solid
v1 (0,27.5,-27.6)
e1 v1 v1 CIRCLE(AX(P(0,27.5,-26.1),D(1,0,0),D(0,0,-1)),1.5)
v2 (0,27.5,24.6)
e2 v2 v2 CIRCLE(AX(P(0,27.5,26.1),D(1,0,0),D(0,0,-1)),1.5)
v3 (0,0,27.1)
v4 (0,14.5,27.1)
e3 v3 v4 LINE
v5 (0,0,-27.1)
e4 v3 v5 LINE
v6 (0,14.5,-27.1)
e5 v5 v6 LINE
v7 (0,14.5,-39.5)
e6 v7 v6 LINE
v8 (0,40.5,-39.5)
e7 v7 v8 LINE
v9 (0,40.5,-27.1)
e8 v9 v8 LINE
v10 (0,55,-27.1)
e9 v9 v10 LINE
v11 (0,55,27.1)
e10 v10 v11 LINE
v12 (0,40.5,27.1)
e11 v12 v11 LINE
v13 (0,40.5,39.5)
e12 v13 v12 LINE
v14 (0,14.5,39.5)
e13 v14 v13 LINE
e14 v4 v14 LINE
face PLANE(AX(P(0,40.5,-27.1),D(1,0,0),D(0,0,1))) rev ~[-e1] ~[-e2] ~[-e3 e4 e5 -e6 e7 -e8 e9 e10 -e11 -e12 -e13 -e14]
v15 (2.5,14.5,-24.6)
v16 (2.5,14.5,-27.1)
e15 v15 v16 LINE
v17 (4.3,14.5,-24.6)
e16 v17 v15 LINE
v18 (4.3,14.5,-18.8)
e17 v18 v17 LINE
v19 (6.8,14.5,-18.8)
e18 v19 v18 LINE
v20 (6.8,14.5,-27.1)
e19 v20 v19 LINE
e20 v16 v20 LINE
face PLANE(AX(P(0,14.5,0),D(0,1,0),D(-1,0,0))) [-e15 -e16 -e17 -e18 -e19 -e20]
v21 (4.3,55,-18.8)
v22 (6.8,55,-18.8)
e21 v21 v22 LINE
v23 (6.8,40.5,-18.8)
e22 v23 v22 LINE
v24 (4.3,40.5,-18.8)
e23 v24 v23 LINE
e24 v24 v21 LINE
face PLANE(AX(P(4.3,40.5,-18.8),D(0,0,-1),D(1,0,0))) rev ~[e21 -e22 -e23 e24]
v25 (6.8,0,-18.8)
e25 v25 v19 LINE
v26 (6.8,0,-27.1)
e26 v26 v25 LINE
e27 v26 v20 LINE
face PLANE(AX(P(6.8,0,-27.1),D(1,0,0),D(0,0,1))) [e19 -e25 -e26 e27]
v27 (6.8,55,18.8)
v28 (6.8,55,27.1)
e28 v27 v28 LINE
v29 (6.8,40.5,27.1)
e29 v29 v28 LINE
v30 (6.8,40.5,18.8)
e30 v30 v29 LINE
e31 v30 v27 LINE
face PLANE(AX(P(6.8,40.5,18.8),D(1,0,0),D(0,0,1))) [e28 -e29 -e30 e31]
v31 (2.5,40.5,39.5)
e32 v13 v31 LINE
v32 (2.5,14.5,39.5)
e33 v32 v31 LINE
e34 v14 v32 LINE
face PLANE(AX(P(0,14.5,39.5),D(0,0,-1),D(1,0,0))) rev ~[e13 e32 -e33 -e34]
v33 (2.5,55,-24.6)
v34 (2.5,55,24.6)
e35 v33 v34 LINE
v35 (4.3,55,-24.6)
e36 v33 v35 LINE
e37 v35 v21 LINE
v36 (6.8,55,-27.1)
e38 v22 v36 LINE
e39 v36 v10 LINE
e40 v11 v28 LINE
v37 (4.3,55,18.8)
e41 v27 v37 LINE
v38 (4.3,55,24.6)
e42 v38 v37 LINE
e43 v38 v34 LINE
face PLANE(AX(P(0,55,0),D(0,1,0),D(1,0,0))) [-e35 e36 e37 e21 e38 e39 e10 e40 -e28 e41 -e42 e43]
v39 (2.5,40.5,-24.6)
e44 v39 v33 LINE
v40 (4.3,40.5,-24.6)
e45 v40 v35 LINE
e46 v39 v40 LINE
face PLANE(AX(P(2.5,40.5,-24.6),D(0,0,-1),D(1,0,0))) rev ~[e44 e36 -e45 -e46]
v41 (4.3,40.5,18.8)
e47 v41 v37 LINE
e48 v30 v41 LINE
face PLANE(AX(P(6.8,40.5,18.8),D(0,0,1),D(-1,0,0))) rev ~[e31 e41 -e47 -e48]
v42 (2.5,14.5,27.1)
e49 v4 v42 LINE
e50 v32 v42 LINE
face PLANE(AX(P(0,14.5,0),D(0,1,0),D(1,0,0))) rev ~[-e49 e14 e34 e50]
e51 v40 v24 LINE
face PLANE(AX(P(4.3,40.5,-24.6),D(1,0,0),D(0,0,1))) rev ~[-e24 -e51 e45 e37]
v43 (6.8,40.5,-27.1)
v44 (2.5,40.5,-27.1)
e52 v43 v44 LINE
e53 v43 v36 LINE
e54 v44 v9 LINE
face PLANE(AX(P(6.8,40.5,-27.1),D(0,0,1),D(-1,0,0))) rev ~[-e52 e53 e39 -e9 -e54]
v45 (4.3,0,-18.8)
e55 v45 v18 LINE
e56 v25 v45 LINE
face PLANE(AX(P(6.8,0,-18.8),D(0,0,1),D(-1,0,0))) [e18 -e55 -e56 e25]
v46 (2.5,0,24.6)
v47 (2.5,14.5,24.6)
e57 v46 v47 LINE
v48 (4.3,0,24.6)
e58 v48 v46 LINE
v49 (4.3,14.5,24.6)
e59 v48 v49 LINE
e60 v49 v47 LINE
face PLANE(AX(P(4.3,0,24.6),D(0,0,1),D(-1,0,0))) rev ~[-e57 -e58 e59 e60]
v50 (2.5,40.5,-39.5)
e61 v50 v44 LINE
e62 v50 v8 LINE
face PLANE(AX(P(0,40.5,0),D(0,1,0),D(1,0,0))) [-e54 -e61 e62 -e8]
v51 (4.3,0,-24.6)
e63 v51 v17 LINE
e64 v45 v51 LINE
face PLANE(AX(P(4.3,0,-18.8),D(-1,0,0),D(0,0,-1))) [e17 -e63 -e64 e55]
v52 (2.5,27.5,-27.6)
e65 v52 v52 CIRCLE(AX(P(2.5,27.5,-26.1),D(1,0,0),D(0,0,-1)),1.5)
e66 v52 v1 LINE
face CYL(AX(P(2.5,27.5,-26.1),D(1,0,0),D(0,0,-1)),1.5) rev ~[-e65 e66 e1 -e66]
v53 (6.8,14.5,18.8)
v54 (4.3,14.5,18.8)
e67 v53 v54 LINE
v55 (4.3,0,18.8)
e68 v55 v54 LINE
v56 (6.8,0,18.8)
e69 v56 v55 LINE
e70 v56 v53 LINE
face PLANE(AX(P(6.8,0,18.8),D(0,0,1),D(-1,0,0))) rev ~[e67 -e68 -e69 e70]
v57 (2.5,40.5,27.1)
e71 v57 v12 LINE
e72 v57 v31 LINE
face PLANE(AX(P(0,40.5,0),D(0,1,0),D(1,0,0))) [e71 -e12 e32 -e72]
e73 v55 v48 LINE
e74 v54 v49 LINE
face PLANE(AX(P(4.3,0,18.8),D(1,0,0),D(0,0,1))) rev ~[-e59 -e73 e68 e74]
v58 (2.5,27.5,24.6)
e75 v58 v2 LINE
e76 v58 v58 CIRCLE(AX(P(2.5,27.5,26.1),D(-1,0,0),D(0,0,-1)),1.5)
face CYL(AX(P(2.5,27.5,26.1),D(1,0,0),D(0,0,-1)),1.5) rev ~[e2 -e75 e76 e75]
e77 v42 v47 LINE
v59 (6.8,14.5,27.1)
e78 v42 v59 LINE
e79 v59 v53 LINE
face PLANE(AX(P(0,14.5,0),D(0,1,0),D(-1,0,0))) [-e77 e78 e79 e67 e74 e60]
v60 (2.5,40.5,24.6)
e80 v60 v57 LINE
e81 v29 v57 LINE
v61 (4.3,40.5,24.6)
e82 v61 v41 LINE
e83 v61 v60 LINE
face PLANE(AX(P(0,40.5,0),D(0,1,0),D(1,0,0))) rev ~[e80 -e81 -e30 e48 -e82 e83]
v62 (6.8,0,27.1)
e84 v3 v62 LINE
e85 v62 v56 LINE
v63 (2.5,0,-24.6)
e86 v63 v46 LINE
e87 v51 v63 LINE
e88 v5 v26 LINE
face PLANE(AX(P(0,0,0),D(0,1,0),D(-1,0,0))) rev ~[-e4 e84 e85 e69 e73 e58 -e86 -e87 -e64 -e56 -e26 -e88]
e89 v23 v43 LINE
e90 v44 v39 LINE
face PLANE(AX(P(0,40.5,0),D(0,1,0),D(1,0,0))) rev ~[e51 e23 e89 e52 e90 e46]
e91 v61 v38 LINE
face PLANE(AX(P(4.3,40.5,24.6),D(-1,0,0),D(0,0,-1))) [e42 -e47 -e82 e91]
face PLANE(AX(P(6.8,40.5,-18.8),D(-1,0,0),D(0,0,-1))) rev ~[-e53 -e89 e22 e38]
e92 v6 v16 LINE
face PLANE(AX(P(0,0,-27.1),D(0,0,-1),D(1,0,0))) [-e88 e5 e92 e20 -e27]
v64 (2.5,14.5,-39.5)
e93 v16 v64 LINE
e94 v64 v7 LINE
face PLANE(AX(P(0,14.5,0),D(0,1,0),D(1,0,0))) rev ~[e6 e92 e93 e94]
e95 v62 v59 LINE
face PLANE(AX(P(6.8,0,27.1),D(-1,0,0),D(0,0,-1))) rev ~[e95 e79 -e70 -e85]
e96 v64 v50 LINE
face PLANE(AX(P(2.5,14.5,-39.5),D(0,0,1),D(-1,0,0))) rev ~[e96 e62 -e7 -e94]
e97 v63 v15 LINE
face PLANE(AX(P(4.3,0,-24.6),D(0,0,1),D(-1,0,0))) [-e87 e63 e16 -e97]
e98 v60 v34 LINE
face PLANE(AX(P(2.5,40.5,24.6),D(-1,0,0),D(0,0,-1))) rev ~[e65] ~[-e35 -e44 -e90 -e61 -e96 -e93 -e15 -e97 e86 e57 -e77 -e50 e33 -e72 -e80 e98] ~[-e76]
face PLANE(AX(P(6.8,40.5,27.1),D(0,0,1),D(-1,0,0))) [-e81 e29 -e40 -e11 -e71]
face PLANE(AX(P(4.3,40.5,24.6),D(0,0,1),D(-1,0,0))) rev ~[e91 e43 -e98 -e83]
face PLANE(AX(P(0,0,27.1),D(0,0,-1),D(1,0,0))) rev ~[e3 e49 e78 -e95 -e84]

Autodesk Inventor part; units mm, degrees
ref_plane "YZ Plane" through (0, 0, 0) normal (1, 0, 0) x (0, 1, 0)
ref_plane "XZ Plane" through (0, 0, 0) normal (0, 1, 0) x (-1, 0, 0)
ref_plane "XY Plane" through (0, 0, 0) normal (0, 0, 1) x (1, 0, 0)
sketch "Sketch1" plane through (0, 0, 0) normal (0, 1, 0) x (-1, 0, 0)
  line L0 (0, 27.1) -> (0, -27.1)
  line L1 (0, 27.1) -> (-6.8, 27.1)
  line L2 (-6.8, 27.1) -> (-6.8, 18.8)
  line L3 (-6.8, 18.8) -> (-4.3, 18.8)
  line L4 (-4.3, 18.8) -> (-4.3, 24.6)
  line L5 (-4.3, 24.6) -> (-2.5, 24.6)
  line L6 (-2.5, 24.6) -> (-2.5, 0)
  line L7 (0, -27.1) -> (-6.8, -27.1)
  line L8 (-6.8, -27.1) -> (-6.8, -18.8)
  line L9 (-6.8, -18.8) -> (-4.3, -18.8)
  line L10 (-4.3, -18.8) -> (-4.3, -24.6)
  line L11 (-4.3, -24.6) -> (-2.5, -24.6)
  line L12 (-2.5, -24.6) -> (-2.5, 0)
  point P0 (0, 0)
  dimension "d0" = 54.2
  dimension "d1" = 6.8
  dimension "d2" = 8.3
  dimension "d3" = 2.5
  dimension "d4" = 5.8
  dimension "d5" = 1.8
  dimension "d6" = 8.3
  dimension "d7" = 5.8
extrude "Extrusion1" add sketch "Sketch1" along normal blind 14.5
sketch "Sketch2" plane through (0, 14.5, 0) normal (0, 1, 0) x (1, 0, 0)
  line L0 (2.5, -24.6) -> (2.5, 24.6) projected
  line L1 (2.5, 0) -> (2.5, 39.5)
  line L2 (2.5, 39.5) -> (0, 39.5)
  line L3 (0, 39.5) -> (0, 0)
  line L4 (0, 0) -> (0, -39.5)
  line L5 (0, 27.1) -> (0, -27.1) projected
  line L6 (0, -39.5) -> (2.5, -39.5)
  line L7 (2.5, -39.5) -> (2.5, 0)
  dimension "d10" = 39.5
  dimension "d11" = 39.5
extrude "Extrusion2" add sketch "Sketch2" along normal blind 26
sketch "Sketch3" plane through (0, 40.5, 0) normal (0, 1, 0) x (1, 0, 0)
  line L0 (2.5, -24.6) -> (2.5, 24.6) projected
  line L1 (2.5, 0) -> (2.5, 24.6558)
  line L2 (0, 27.1) -> (0, -27.1) projected
  line L3 (4.3, -24.6) -> (2.5, -24.6) projected
  line L4 (6.8, -18.8) -> (4.3, -18.8) projected
  line L5 (4.3, -24.6) -> (4.3, -18.8)
  line L6 (4.3, -18.8) -> (6.8, -18.8)
  line L7 (6.8, -18.8) -> (6.8, -27.1)
  line L8 (6.8, -27.1) -> (2.5, -27.1)
  line L9 (2.5, 0) -> (2.5, 24.6558)
  line L10 (2.5, 24.6) -> (4.3, 24.6) projected
  line L11 (4.3, 18.8) -> (6.8, 18.8) projected
  line L12 (4.3, 24.6) -> (4.3, 18.8)
  line L13 (4.3, 18.8) -> (6.8, 18.8)
  line L14 (6.8, 18.8) -> (6.8, 27.1)
  line L15 (6.8, 27.1) -> (0, 27.1)
  line L16 (0, 27.1) -> (0, -27.1)
  line L17 (6.8, -27.1) -> (0, -27.1)
  line L18 (4.3, -24.6) -> (2.5, -24.6)
  point P0 (0, 0)
extrude "Extrusion3" add sketch "Sketch3" along normal blind 14.5
sketch "Sketch4" plane through (2.5, 0, 24.6) normal (1, 0, 0) x (0, 0, -1)
  line L0 (64.1, 14.5) -> (64.1, 40.5) projected
  line L1 (64.1, 27.5) -> (50.7, 27.5)
  circle A0 centre (50.7, 27.5) radius 1.5
  line L2 (-14.9, 14.5) -> (-14.9, 40.5) projected
  line L3 (-14.9, 27.5) -> (-1.5, 27.5)
  circle A1 centre (-1.5, 27.5) radius 1.5
  point P0 (24.6, 0)
  dimension "d16" = 13.4
  dimension "d17" = 3
  dimension "d18" = 13.4
  dimension "d19" = 3
extrude "Extrusion4" cut sketch "Sketch4" against normal blind 4.5
properties part number "cam_holder2"
